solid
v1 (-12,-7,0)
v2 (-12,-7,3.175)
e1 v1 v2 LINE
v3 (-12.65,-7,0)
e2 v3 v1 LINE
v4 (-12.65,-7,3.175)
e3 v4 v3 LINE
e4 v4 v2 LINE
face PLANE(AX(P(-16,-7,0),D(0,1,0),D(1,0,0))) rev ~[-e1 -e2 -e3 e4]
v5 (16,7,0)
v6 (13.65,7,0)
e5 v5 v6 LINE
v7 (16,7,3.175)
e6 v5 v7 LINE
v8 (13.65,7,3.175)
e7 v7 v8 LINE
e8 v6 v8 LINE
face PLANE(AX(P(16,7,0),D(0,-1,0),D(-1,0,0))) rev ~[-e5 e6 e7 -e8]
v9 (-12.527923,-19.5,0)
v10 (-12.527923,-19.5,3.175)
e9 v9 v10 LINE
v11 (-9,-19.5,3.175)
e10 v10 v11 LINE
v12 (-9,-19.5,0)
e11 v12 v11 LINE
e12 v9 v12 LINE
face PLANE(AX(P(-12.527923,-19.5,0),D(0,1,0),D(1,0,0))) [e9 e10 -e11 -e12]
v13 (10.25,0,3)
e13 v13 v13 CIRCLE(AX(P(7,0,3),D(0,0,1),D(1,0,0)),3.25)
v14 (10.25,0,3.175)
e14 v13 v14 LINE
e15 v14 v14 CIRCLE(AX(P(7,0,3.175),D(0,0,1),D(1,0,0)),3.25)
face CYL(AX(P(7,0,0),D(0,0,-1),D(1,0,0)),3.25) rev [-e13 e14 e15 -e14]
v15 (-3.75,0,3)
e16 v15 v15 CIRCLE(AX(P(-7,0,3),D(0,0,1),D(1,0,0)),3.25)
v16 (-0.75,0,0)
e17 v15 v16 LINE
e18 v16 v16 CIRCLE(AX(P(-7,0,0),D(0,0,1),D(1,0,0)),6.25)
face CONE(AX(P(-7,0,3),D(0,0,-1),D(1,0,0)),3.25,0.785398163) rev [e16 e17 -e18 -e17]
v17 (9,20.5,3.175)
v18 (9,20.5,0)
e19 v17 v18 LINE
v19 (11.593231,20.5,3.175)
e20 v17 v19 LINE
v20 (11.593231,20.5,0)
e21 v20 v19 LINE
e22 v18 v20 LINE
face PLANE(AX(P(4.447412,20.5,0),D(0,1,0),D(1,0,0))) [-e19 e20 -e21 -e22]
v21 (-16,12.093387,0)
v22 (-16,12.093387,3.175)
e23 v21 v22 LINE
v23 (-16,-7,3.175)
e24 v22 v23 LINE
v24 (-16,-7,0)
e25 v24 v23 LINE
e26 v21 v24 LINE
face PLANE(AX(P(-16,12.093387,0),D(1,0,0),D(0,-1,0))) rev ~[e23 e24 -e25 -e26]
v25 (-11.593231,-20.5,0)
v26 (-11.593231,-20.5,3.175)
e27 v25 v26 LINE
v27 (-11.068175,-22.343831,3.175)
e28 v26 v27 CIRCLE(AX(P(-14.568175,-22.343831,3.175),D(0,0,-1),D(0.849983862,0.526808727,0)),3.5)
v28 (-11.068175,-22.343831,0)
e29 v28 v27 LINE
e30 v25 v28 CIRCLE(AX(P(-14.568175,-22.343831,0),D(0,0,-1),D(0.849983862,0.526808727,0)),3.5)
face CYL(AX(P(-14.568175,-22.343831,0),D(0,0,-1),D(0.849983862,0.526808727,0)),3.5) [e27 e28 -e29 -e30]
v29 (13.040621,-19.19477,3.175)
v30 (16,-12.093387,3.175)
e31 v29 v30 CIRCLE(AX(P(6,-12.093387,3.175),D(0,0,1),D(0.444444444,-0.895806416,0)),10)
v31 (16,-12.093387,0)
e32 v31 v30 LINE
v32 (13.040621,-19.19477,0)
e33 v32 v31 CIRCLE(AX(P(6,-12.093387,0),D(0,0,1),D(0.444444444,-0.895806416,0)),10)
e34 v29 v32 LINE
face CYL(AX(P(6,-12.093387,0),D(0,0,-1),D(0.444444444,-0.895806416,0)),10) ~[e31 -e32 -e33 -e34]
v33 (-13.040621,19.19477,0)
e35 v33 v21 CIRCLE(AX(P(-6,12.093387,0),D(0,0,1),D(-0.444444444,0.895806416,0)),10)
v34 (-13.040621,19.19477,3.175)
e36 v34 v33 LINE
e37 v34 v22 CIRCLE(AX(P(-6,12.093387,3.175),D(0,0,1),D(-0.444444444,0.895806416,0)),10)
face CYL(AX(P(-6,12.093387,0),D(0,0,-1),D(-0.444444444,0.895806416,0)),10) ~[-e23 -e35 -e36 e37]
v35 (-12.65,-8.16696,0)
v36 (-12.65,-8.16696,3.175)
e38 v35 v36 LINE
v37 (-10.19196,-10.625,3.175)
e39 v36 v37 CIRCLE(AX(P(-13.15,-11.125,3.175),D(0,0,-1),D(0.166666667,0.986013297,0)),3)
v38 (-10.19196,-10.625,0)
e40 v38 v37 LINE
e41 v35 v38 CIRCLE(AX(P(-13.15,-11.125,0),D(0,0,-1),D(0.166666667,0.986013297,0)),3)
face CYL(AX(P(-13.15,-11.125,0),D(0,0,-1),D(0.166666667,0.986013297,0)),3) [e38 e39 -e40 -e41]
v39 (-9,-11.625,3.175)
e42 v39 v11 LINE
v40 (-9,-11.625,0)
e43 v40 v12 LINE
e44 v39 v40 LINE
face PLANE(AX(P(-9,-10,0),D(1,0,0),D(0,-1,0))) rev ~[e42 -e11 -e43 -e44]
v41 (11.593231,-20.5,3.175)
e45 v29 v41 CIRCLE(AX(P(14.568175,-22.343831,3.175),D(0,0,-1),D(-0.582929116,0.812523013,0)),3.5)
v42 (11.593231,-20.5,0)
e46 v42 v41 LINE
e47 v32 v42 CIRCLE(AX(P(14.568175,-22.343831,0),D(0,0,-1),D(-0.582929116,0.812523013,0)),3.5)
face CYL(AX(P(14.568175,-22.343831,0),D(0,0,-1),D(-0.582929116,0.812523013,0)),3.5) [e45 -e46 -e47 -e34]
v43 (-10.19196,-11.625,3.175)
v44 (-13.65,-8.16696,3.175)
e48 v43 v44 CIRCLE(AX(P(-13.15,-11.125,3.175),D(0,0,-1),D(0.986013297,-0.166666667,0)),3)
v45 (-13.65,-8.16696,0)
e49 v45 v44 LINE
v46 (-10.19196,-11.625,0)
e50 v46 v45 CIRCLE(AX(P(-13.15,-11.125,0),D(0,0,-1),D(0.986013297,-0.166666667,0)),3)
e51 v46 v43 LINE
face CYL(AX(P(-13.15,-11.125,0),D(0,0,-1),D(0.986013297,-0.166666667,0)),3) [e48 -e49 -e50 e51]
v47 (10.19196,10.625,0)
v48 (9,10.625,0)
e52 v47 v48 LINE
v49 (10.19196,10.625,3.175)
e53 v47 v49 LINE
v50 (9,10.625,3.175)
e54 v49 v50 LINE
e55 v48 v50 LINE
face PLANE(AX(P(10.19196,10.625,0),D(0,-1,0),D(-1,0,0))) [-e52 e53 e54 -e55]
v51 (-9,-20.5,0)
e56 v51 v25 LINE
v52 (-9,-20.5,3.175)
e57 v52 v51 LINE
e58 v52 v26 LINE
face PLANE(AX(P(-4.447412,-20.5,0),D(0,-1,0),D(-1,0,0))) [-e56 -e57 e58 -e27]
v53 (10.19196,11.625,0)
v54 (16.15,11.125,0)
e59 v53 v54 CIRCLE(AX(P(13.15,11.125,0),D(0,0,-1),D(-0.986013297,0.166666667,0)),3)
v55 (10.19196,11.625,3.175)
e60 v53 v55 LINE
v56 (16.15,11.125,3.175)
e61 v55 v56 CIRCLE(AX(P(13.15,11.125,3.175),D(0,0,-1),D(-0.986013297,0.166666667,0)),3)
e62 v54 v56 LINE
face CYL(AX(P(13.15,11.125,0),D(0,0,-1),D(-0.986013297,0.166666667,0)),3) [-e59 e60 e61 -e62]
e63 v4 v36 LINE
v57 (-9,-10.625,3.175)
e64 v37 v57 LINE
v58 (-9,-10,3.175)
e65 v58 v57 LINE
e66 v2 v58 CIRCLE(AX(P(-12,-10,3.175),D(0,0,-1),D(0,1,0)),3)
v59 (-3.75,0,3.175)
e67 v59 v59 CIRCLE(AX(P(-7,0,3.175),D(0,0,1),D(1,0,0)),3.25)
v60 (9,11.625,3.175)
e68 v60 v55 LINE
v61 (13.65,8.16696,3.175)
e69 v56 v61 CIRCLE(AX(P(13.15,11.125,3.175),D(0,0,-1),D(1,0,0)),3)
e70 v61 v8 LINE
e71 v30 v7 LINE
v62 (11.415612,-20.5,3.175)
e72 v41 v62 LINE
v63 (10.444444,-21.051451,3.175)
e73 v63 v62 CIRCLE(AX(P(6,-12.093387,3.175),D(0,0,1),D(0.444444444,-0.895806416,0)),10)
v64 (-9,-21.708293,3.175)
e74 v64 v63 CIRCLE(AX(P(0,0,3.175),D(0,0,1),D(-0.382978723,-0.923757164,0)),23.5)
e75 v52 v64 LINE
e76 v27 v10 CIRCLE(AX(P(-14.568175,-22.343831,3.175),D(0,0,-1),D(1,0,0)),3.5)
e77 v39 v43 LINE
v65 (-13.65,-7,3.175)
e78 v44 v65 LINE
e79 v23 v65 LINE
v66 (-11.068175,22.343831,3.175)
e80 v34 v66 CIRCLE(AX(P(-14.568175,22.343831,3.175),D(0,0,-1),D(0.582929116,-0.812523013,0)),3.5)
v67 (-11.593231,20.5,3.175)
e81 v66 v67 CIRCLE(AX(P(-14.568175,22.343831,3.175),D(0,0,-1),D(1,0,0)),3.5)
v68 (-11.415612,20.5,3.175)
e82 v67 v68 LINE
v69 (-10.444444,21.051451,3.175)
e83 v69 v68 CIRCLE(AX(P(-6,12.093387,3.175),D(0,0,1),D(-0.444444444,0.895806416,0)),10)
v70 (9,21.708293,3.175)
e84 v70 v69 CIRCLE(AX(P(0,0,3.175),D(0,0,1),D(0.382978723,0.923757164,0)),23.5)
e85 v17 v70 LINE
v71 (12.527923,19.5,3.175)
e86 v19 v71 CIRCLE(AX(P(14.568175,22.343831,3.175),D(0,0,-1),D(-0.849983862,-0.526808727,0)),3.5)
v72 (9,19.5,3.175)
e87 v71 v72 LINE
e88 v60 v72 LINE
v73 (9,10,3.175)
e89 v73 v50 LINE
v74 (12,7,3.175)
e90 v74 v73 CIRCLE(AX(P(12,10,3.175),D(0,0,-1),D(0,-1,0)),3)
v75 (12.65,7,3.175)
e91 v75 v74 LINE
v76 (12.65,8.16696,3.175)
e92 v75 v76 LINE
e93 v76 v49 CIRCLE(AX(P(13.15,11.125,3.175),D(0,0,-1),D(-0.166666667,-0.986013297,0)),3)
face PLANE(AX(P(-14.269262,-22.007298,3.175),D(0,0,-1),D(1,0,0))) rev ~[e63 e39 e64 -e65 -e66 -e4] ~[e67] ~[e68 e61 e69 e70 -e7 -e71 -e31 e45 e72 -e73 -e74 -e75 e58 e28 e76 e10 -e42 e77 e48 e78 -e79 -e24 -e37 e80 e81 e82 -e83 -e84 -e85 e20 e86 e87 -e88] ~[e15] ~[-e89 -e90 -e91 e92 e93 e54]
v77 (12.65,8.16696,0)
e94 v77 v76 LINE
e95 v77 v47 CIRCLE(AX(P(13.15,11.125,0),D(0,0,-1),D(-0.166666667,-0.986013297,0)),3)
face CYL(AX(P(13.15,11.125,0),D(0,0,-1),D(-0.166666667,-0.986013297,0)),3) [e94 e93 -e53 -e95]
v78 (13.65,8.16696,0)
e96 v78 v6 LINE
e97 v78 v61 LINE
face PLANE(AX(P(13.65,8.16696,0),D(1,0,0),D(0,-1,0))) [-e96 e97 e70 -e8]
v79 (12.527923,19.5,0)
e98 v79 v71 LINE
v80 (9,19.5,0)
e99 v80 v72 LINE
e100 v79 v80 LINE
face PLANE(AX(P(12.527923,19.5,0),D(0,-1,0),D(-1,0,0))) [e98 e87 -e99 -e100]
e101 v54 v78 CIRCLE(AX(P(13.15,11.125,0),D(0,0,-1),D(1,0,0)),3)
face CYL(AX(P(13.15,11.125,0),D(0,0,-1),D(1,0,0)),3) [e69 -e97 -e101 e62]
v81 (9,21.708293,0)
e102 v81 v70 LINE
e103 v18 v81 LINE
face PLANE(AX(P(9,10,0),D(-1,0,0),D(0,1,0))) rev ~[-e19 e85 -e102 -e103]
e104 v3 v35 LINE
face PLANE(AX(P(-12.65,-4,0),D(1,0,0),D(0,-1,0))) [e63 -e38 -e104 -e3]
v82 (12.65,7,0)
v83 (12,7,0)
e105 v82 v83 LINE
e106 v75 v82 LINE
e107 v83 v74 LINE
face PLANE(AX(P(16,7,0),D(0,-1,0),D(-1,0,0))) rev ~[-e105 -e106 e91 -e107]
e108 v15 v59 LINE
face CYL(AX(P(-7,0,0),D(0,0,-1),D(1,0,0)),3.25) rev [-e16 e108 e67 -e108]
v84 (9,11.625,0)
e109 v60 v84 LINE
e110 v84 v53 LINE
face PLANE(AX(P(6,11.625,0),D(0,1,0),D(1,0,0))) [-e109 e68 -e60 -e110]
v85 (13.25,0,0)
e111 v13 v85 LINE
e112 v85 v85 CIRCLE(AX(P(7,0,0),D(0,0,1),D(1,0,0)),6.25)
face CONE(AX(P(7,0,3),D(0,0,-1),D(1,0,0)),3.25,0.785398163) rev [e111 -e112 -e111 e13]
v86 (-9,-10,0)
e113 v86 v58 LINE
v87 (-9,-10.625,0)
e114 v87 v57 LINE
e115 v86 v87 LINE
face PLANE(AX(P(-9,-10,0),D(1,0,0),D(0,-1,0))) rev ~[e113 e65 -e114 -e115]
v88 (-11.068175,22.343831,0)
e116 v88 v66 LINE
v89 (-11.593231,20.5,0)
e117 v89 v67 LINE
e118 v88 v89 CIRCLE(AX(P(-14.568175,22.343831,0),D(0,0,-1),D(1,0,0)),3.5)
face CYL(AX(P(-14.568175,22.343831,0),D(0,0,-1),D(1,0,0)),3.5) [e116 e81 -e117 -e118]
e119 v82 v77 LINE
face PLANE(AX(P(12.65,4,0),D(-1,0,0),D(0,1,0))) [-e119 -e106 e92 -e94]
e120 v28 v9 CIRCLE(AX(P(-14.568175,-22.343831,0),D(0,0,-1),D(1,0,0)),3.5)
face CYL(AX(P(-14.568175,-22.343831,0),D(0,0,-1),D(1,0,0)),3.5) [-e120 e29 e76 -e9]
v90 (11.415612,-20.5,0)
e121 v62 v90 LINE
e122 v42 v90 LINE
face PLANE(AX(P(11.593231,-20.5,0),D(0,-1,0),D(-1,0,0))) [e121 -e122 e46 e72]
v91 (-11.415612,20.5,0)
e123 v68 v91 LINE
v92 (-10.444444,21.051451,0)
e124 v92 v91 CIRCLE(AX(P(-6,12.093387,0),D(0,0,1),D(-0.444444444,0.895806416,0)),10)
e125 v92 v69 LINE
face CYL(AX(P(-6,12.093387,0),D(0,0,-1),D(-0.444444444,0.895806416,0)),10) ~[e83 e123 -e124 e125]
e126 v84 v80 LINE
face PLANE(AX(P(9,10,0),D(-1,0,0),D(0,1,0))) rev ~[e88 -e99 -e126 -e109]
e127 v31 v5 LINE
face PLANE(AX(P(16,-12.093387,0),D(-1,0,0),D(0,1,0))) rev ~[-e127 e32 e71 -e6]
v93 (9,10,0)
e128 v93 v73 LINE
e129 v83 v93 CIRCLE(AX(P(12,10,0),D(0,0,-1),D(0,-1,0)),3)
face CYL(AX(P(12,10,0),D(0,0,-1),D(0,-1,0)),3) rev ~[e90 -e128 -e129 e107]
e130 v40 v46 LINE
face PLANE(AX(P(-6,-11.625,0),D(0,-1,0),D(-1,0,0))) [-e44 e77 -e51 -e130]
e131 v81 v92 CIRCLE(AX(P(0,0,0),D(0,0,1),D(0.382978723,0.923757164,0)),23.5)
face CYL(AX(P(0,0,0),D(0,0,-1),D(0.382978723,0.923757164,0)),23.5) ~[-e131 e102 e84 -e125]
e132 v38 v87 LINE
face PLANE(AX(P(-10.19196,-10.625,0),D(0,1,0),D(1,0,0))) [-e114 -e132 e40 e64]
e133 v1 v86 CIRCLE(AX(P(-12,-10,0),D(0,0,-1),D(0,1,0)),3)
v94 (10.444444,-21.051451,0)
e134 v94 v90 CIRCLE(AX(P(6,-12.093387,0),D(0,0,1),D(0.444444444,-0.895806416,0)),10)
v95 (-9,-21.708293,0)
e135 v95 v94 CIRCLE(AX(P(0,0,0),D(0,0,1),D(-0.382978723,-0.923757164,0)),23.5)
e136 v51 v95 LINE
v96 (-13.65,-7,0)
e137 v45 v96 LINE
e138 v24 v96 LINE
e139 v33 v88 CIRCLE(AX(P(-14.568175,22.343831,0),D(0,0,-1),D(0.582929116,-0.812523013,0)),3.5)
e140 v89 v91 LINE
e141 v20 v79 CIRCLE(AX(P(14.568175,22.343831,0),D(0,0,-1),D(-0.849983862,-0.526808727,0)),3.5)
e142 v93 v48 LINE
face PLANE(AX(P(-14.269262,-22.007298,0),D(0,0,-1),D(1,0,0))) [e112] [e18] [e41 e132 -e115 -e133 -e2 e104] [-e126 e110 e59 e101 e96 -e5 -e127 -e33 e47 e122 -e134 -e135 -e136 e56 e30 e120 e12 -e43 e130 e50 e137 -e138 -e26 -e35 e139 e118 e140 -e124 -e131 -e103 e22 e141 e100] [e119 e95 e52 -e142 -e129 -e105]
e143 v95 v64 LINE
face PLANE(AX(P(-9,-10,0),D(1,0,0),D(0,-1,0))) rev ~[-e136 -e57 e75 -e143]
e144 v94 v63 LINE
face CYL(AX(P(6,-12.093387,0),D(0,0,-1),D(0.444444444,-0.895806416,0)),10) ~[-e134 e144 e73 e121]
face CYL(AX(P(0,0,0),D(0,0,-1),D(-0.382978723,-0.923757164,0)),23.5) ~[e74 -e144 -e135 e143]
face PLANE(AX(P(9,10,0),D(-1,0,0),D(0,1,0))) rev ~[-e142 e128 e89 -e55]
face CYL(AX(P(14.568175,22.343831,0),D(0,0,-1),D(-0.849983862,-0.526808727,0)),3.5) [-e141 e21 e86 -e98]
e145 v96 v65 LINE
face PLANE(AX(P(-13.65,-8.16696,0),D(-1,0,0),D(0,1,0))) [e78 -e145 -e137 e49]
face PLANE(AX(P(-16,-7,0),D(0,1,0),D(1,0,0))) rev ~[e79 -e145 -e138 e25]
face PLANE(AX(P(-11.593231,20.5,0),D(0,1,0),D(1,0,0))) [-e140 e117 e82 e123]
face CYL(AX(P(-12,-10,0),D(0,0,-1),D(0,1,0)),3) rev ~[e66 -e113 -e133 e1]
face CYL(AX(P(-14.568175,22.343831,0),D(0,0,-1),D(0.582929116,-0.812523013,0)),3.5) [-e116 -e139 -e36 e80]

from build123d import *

# Parameters (mm, degrees)
F0_R     = 3.25
F1_DEPTH = 3.175
F2_SIZE  = 3
F4_DEPTH = 3.175
F6_DEPTH = 3.175


with BuildPart() as f1:
    # F0 (on Top) → F1 (new body)
    with BuildSketch(Plane.XY):
        with BuildLine():
            Line((9, 10), (9, 21.7082933461))
            ThreePointArc((9, 21.7082933461), (-0.7933886028, 23.486603299), (-10.4444444444, 21.0514507872))
            ThreePointArc((-10.4444444444, 21.0514507872), (-14.498365856, 17.3638493894), (-16, 12.0933866224))
            Line((-16, 12.0933866224), (-16, -7))
            Line((-16, -7), (-12, -7))
            ThreePointArc((-12, -7), (-9.8786796564, -7.8786796564), (-9, -10))
            Line((-9, -10), (-9, -21.7082933461))
            ThreePointArc((-9, -21.7082933461), (0.7933886028, -23.486603299), (10.4444444444, -21.0514507872))
            ThreePointArc((10.4444444444, -21.0514507872), (14.498365856, -17.3638493894), (16, -12.0933866224))
            Line((16, -12.0933866224), (16, 7))
            Line((16, 7), (12, 7))
            ThreePointArc((12, 7), (9.8786796564, 7.8786796564), (9, 10))
        make_face()
        with Locations((-7, 0)):
            Circle(F0_R, mode=Mode.SUBTRACT)
        with Locations((7, 0)):
            Circle(F0_R, mode=Mode.SUBTRACT)
    extrude(amount=F1_DEPTH)

    # F2
    f2_edges = [f1.edges().sort_by_distance(p)[0] for p in [
        (-10.25, 0, 0),
        (3.75, 0, 0),
    ]]
    chamfer(f2_edges, length=F2_SIZE)

    # F3 (on face) → F4 (join, through all)
    with BuildSketch(Plane(origin=(0, 0, 0), x_dir=(1, 0, 0), z_dir=(0, 0, -1))):
        with BuildLine():
            ThreePointArc((-10.1919601085, 10.625), (-10.1605084316, 10.8741212192), (-10.15, 11.125))
            ThreePointArc((-10.15, 11.125), (-10.1605084316, 11.3758787808), (-10.1919601085, 11.625))
            Line((-10.1919601085, 11.625), (-12, 11.625))
            Line((-12, 11.625), (-12, 10.625))
            Line((-12, 10.625), (-10.1919601085, 10.625))
        make_face()
        with BuildLine():
            ThreePointArc((-10.1919601085, 11.625), (-10.1605084316, 11.3758787808), (-10.15, 11.125))
            ThreePointArc((-10.15, 11.125), (-10.1605084316, 10.8741212192), (-10.1919601085, 10.625))
            Line((-10.1919601085, 10.625), (-6, 10.625))
            Line((-6, 10.625), (-6, 11.625))
            Line((-6, 11.625), (-10.1919601085, 11.625))
        make_face()
        with BuildLine():
            Line((-12, 11.625), (-10.1919601085, 11.625))
            ThreePointArc((-10.1919601085, 11.625), (-15.2713203436, 13.2463203436), (-13.65, 8.1669601085))
            Line((-13.65, 8.1669601085), (-13.65, 10))
            Line((-13.65, 10), (-12.65, 10))
            Line((-12.65, 10), (-12.65, 8.1669601085))
            ThreePointArc((-12.65, 8.1669601085), (-11.0286796564, 9.0036796564), (-10.1919601085, 10.625))
            Line((-10.1919601085, 10.625), (-12, 10.625))
            Line((-12, 10.625), (-12, 11.625))
        make_face()
        with BuildLine():
            Line((-13.65, 10), (-13.65, 8.1669601085))
            ThreePointArc((-13.65, 8.1669601085), (-13.15, 8.125), (-12.65, 8.1669601085))
            Line((-12.65, 8.1669601085), (-12.65, 10))
            Line((-12.65, 10), (-13.65, 10))
        make_face()
        with BuildLine():
            ThreePointArc((-12.65, 8.1669601085), (-13.15, 8.125), (-13.65, 8.1669601085))
            Line((-13.65, 8.1669601085), (-13.65, 4))
            Line((-13.65, 4), (-12.65, 4))
            Line((-12.65, 4), (-12.65, 8.1669601085))
        make_face()
        with BuildLine():
            ThreePointArc((10.1919601085, -11.625), (13.4008787808, -14.1144915684), (16.15, -11.125))
            ThreePointArc((16.15, -11.125), (15.4412878475, -9.1885083269), (13.65, -8.1669601085))
            Line((13.65, -8.1669601085), (13.65, -10))
            Line((13.65, -10), (12.65, -10))
            Line((12.65, -10), (12.65, -8.1669601085))
            ThreePointArc((12.65, -8.1669601085), (11.0286796564, -9.0036796564), (10.1919601085, -10.625))
            Line((10.1919601085, -10.625), (12, -10.625))
            Line((12, -10.625), (12, -11.625))
            Line((12, -11.625), (10.1919601085, -11.625))
        make_face()
        with BuildLine():
            Line((13.65, -10), (13.65, -8.1669601085))
            ThreePointArc((13.65, -8.1669601085), (13.15, -8.125), (12.65, -8.1669601085))
            Line((12.65, -8.1669601085), (12.65, -10))
            Line((12.65, -10), (13.65, -10))
        make_face()
        with BuildLine():
            ThreePointArc((12.65, -8.1669601085), (13.15, -8.125), (13.65, -8.1669601085))
            Line((13.65, -8.1669601085), (13.65, -4))
            Line((13.65, -4), (12.65, -4))
            Line((12.65, -4), (12.65, -8.1669601085))
        make_face()
        with BuildLine():
            Line((6, -11.625), (10.1919601085, -11.625))
            ThreePointArc((10.1919601085, -11.625), (10.15, -11.125), (10.1919601085, -10.625))
            Line((10.1919601085, -10.625), (6, -10.625))
            Line((6, -10.625), (6, -11.625))
        make_face()
        with BuildLine():
            ThreePointArc((10.1919601085, -10.625), (10.15, -11.125), (10.1919601085, -11.625))
            Line((10.1919601085, -11.625), (12, -11.625))
            Line((12, -11.625), (12, -10.625))
            Line((12, -10.625), (10.1919601085, -10.625))
        make_face()
    extrude(amount=-F4_DEPTH)

    # F5 (on face) → F6 (join, through all)
    with BuildSketch(Plane(origin=(0, 0, 0), x_dir=(1, 0, 0), z_dir=(0, 0, -1))):
        with BuildLine():
            ThreePointArc((-11.5932314837, 20.5), (-11.2019974715, 21.3852645073), (-11.068175, 22.3438305439))
            ThreePointArc((-11.068175, 22.3438305439), (-17.6819252846, 23.9421293787), (-12.5279230945, 19.5))
            Line((-12.5279230945, 19.5), (-13.5525882542, 19.5))
            Line((-13.5525882542, 19.5), (-13.5525882542, 20.5))
            Line((-13.5525882542, 20.5), (-11.5932314837, 20.5))
        make_face()
        with BuildLine():
            Line((-13.5525882542, 19.5), (-12.5279230945, 19.5))
            ThreePointArc((-12.5279230945, 19.5), (-12.0112146406, 19.9538611465), (-11.5932314837, 20.5))
            Line((-11.5932314837, 20.5), (-13.5525882542, 20.5))
            Line((-13.5525882542, 20.5), (-13.5525882542, 19.5))
        make_face()
        with BuildLine():
            ThreePointArc((-11.5932314837, 20.5), (-12.0112146406, 19.9538611465), (-12.5279230945, 19.5))
            Line((-12.5279230945, 19.5), (-4.4474117458, 19.5))
            Line((-4.4474117458, 19.5), (-4.4474117458, 20.5))
            Line((-4.4474117458, 20.5), (-11.5932314837, 20.5))
        make_face()
        with BuildLine():
            ThreePointArc((-12.5279230945, -19.5), (-17.6819252846, -23.9421293787), (-11.068175, -22.3438305439))
            ThreePointArc((-11.068175, -22.3438305439), (-11.2019974715, -21.3852645073), (-11.5932314837, -20.5))
            Line((-11.5932314837, -20.5), (-13.5525882542, -20.5))
            Line((-13.5525882542, -20.5), (-13.5525882542, -19.5))
            Line((-13.5525882542, -19.5), (-12.5279230945, -19.5))
        make_face()
        with BuildLine():
            Line((-13.5525882542, -20.5), (-11.5932314837, -20.5))
            ThreePointArc((-11.5932314837, -20.5), (-12.0112146406, -19.9538611465), (-12.5279230945, -19.5))
            Line((-12.5279230945, -19.5), (-13.5525882542, -19.5))
            Line((-13.5525882542, -19.5), (-13.5525882542, -20.5))
        make_face()
        with BuildLine():
            ThreePointArc((-12.5279230945, -19.5), (-12.0112146406, -19.9538611465), (-11.5932314837, -20.5))
            Line((-11.5932314837, -20.5), (-4.4474117458, -20.5))
            Line((-4.4474117458, -20.5), (-4.4474117458, -19.5))
            Line((-4.4474117458, -19.5), (-12.5279230945, -19.5))
        make_face()
        with BuildLine():
            ThreePointArc((12.5279230945, 19.5), (16.1664738348, 19.2300802593), (18.068175, 22.3438305439))
            ThreePointArc((18.068175, 22.3438305439), (13.6096089635, 25.7100080724), (11.5932314837, 20.5))
            Line((11.5932314837, 20.5), (13.5525882542, 20.5))
            Line((13.5525882542, 20.5), (13.5525882542, 19.5))
            Line((13.5525882542, 19.5), (12.5279230945, 19.5))
        make_face()
        with BuildLine():
            Line((13.5525882542, 20.5), (11.5932314837, 20.5))
            ThreePointArc((11.5932314837, 20.5), (12.0112146406, 19.9538611465), (12.5279230945, 19.5))
            Line((12.5279230945, 19.5), (13.5525882542, 19.5))
            Line((13.5525882542, 19.5), (13.5525882542, 20.5))
        make_face()
        with BuildLine():
            ThreePointArc((12.5279230945, 19.5), (12.0112146406, 19.9538611465), (11.5932314837, 20.5))
            Line((11.5932314837, 20.5), (4.4474117458, 20.5))
            Line((4.4474117458, 20.5), (4.4474117458, 19.5))
            Line((4.4474117458, 19.5), (12.5279230945, 19.5))
        make_face()
        with BuildLine():
            ThreePointArc((11.5932314837, -20.5), (13.6096089635, -25.7100080724), (18.068175, -22.3438305439))
            ThreePointArc((18.068175, -22.3438305439), (16.1664738348, -19.2300802593), (12.5279230945, -19.5))
            Line((12.5279230945, -19.5), (13.5525882542, -19.5))
            Line((13.5525882542, -19.5), (13.5525882542, -20.5))
            Line((13.5525882542, -20.5), (11.5932314837, -20.5))
        make_face()
        with BuildLine():
            Line((13.5525882542, -19.5), (12.5279230945, -19.5))
            ThreePointArc((12.5279230945, -19.5), (12.0112146406, -19.9538611465), (11.5932314837, -20.5))
            Line((11.5932314837, -20.5), (13.5525882542, -20.5))
            Line((13.5525882542, -20.5), (13.5525882542, -19.5))
        make_face()
        with BuildLine():
            ThreePointArc((11.5932314837, -20.5), (12.0112146406, -19.9538611465), (12.5279230945, -19.5))
            Line((12.5279230945, -19.5), (4.4474117458, -19.5))
            Line((4.4474117458, -19.5), (4.4474117458, -20.5))
            Line((4.4474117458, -20.5), (11.5932314837, -20.5))
        make_face()
    extrude(amount=-F6_DEPTH)


solid = f1.part
